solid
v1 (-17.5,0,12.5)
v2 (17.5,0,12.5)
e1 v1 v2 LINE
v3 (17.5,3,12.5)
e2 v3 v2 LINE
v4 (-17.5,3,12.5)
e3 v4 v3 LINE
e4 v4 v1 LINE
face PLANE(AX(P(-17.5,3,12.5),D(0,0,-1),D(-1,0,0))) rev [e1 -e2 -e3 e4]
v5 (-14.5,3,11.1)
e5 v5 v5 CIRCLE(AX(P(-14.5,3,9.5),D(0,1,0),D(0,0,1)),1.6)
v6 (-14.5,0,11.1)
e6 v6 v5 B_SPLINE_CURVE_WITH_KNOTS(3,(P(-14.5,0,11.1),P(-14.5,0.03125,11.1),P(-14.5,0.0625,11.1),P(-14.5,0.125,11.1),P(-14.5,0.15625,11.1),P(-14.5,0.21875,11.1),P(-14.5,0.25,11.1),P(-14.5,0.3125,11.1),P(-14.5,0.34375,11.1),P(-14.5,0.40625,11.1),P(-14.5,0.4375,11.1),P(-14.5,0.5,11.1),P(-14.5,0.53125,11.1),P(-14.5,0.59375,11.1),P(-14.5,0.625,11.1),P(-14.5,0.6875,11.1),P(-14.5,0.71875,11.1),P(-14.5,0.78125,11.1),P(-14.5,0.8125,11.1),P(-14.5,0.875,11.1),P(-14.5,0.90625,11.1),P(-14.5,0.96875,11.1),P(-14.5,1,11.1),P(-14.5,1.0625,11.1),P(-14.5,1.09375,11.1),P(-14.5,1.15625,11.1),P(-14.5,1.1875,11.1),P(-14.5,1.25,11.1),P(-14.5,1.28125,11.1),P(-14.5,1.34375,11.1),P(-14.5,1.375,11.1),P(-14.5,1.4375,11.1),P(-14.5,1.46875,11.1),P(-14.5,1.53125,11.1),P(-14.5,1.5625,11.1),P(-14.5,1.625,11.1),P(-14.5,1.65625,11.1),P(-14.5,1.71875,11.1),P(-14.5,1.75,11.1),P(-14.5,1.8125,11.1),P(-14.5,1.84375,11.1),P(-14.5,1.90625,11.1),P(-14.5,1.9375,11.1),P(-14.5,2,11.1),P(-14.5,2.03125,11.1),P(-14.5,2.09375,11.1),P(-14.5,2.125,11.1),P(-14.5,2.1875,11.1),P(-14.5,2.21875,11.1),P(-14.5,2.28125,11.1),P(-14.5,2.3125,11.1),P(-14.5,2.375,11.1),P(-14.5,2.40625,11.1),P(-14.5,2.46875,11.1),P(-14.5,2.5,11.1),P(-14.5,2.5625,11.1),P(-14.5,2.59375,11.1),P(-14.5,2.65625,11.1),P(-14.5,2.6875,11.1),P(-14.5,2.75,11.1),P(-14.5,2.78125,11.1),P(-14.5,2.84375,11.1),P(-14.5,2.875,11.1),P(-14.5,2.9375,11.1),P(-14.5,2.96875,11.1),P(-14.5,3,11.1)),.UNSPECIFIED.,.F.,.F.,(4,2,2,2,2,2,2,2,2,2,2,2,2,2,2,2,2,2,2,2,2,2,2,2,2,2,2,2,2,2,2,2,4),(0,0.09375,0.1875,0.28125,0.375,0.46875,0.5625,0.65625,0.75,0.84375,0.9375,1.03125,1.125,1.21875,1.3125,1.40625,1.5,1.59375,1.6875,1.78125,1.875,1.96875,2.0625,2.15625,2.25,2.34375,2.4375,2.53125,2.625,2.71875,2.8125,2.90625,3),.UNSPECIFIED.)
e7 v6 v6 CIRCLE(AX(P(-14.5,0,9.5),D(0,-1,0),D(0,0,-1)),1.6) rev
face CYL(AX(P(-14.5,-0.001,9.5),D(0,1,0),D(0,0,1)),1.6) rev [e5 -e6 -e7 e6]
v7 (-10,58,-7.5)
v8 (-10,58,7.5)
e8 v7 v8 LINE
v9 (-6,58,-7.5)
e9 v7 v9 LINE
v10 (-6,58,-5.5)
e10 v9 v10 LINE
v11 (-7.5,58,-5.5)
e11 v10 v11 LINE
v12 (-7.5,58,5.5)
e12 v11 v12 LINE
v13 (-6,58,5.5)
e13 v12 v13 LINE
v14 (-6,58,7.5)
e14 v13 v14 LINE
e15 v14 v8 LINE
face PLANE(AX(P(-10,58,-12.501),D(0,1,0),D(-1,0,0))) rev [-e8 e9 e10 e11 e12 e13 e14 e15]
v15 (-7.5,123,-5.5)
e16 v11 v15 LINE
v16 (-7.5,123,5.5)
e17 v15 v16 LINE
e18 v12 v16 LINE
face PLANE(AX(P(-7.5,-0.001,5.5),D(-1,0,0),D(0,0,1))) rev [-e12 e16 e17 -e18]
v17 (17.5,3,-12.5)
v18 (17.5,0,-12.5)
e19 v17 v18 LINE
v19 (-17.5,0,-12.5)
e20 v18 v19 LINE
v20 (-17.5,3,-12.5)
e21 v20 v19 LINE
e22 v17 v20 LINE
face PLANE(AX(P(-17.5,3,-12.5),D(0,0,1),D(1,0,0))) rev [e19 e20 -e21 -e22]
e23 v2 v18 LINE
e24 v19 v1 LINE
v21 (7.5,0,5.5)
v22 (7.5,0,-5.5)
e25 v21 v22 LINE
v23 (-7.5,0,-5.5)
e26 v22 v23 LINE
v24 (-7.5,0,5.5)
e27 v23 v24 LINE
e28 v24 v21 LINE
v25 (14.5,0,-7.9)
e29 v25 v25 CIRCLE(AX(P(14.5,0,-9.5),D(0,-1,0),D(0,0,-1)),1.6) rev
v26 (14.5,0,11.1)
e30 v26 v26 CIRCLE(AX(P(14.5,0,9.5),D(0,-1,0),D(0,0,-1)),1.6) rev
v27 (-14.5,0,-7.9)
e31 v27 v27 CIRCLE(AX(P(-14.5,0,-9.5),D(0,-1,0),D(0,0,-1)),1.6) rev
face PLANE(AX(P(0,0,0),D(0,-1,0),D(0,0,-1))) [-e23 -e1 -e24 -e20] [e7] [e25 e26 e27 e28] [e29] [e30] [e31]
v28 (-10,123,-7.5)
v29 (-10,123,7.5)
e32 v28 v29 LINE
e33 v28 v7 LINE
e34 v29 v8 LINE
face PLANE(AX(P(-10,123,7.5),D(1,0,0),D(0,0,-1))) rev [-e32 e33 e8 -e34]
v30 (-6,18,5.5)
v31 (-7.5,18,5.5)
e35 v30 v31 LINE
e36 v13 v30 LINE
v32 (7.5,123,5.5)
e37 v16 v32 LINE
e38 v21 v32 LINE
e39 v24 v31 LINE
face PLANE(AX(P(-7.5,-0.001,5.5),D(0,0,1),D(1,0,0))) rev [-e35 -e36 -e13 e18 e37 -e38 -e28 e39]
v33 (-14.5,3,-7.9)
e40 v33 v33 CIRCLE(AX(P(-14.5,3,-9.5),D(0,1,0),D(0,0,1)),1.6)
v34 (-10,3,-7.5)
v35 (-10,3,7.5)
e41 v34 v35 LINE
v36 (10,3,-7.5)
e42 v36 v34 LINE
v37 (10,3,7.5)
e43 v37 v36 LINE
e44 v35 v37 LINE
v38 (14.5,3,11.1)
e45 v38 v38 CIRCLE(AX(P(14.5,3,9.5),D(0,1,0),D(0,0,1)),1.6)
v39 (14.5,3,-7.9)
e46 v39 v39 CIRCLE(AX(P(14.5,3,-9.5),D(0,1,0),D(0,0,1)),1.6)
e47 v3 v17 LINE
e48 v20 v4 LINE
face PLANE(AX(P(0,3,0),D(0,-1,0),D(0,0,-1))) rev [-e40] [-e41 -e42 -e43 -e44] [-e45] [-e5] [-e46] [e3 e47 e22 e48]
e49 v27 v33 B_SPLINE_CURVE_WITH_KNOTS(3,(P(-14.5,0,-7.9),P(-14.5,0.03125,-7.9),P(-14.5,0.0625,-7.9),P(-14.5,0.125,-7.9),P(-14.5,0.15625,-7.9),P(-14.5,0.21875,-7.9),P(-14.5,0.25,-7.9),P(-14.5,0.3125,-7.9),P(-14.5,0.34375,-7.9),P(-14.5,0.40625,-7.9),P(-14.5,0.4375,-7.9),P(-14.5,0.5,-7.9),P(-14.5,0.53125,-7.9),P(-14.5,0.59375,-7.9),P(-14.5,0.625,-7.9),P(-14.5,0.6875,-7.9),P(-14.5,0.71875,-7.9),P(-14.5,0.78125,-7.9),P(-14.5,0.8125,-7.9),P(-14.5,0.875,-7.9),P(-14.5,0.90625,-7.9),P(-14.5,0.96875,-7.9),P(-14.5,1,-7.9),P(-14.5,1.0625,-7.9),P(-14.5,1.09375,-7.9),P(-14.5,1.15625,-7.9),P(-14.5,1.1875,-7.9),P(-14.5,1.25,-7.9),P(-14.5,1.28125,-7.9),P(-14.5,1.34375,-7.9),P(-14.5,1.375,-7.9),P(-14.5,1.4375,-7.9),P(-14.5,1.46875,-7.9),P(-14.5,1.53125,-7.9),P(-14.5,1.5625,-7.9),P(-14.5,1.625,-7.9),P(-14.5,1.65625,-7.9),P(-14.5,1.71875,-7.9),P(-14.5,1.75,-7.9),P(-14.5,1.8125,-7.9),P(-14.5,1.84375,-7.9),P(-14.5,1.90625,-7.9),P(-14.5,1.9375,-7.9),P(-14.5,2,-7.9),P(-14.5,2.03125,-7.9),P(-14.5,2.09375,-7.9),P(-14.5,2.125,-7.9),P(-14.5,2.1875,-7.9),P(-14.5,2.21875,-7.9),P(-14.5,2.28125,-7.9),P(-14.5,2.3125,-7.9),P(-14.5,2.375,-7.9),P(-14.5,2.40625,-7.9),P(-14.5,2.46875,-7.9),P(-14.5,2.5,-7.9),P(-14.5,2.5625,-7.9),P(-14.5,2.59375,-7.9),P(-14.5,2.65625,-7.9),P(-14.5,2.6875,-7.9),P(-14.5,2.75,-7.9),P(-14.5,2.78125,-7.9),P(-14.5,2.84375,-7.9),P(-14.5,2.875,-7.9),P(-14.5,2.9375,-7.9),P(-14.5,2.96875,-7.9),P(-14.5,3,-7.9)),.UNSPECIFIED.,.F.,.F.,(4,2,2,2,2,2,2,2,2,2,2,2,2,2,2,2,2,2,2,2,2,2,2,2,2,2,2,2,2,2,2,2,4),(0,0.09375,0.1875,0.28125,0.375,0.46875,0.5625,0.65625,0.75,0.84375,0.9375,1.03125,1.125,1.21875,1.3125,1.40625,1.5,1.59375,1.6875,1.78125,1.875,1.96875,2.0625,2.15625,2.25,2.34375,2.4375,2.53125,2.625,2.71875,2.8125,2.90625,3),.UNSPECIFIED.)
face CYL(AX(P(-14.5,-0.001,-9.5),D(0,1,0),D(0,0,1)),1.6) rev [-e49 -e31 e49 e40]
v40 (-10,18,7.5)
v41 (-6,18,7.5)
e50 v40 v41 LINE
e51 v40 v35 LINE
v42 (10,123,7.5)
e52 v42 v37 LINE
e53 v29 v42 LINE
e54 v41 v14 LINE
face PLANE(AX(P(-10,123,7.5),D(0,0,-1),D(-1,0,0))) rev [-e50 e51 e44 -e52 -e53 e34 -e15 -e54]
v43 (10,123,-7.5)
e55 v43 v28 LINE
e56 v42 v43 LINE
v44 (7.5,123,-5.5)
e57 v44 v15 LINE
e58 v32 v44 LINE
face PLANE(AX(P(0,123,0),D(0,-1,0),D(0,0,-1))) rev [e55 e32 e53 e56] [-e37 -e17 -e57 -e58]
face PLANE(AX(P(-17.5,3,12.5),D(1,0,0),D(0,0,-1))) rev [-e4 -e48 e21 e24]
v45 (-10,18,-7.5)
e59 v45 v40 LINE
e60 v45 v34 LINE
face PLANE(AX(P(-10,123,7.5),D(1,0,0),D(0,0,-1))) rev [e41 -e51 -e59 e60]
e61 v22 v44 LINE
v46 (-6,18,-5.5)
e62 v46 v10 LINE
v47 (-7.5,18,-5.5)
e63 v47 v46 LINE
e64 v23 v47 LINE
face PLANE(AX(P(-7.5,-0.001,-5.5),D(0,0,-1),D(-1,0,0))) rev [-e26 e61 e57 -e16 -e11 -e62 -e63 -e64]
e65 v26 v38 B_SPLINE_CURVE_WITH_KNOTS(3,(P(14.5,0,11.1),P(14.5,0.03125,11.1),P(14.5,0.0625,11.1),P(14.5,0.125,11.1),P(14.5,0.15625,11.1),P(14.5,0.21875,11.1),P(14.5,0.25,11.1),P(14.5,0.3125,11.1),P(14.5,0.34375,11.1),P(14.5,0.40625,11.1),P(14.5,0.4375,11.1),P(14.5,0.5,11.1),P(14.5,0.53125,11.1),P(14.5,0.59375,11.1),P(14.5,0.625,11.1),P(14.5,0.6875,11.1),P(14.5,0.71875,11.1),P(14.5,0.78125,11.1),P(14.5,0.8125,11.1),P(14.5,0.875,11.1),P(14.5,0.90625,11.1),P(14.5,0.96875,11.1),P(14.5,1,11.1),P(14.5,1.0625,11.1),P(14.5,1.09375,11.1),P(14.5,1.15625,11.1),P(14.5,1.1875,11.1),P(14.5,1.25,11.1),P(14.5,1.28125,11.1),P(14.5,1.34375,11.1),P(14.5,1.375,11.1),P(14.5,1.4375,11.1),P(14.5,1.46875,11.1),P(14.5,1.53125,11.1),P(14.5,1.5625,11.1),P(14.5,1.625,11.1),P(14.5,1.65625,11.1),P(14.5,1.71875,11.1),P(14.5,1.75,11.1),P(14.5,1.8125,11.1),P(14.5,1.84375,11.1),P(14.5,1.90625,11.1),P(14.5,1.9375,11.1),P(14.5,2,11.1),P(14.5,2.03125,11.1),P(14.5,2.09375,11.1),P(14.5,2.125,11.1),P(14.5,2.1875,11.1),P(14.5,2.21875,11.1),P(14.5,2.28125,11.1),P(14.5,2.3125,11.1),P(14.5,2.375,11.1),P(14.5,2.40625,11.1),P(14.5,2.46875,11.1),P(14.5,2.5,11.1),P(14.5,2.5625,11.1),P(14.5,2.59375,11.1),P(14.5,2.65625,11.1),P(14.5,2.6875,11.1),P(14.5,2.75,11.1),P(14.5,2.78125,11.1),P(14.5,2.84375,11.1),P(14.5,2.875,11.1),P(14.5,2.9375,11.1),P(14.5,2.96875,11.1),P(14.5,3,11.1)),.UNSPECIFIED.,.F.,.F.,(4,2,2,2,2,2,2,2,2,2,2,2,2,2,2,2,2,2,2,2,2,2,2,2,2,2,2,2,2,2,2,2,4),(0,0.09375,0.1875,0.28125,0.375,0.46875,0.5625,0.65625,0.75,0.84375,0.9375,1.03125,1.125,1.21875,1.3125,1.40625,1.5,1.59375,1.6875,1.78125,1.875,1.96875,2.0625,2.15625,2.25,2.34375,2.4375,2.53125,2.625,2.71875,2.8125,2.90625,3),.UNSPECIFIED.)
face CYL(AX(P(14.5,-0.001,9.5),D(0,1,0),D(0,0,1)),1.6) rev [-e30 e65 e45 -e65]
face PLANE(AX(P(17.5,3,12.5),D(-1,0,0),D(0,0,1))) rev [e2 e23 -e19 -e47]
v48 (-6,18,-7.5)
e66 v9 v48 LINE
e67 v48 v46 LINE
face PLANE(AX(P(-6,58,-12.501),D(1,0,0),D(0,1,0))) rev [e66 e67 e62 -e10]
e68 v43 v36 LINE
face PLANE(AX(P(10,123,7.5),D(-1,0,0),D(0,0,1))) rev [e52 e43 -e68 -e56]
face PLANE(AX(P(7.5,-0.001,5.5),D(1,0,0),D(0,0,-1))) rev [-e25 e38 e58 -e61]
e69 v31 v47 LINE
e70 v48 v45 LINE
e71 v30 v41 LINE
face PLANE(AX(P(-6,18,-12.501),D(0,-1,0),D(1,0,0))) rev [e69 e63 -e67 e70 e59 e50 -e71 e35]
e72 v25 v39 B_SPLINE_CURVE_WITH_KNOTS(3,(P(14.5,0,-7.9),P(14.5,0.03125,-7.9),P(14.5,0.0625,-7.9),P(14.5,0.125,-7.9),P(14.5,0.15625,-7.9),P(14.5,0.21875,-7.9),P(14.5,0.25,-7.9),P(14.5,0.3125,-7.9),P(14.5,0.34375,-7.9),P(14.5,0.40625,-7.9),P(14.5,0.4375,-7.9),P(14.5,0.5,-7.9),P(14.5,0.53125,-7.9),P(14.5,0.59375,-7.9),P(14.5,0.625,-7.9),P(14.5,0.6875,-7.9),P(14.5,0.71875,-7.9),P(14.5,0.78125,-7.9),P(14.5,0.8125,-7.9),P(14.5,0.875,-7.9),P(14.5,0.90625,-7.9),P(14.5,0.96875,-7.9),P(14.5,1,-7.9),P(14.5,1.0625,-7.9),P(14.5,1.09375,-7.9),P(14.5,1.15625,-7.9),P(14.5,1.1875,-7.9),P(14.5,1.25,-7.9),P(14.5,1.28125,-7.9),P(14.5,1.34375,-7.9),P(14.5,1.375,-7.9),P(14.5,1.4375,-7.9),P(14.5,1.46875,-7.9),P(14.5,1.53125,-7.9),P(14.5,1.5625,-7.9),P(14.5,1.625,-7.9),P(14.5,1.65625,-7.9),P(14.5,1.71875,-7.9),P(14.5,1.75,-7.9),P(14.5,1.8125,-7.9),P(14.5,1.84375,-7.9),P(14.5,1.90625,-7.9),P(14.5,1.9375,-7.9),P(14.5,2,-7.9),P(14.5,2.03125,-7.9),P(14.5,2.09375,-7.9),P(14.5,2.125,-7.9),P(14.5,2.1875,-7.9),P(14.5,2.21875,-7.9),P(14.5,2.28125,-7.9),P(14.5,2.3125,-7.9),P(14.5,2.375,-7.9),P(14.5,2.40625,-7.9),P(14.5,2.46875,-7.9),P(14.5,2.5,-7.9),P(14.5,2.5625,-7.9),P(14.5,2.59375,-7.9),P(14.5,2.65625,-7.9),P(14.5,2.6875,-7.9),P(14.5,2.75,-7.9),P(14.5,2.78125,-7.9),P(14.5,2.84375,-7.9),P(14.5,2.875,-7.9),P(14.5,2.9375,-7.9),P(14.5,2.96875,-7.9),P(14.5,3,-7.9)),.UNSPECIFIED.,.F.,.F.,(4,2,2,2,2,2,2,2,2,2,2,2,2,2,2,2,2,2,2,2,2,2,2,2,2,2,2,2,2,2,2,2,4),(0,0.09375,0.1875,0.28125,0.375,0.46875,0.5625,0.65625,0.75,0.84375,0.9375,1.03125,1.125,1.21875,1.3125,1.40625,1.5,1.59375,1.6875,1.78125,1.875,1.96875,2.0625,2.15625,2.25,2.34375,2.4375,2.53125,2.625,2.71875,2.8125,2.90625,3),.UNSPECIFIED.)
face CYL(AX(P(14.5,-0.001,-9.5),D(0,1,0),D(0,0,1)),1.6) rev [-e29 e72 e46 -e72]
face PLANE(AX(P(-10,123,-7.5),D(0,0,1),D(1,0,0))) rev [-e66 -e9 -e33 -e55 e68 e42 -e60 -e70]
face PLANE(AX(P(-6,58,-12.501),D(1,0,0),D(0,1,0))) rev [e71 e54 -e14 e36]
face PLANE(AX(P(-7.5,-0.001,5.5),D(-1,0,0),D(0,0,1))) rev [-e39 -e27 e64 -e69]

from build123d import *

# Parameters (mm, degrees)
SKETCH_1_W          = 35
SKETCH_1_H          = 25
EXTRUDE_1_DEPTH     = 3
SKETCH_2_W          = 20
SKETCH_2_H          = 15
EXTRUDE_2_DEPTH     = 120
CUT_EXTRUDE_1_REACH = 126.866
SKETCH_3_W          = 15
SKETCH_3_H          = 11
CUT_EXTRUDE_2_REACH = 127.838
SKETCH_4_W          = 4
SKETCH_4_H          = 40
CUT_EXTRUDE_3_REACH = 123.912
SKETCH_5_R          = 1.6


with BuildPart() as part:
    # 草图1 → 凸台-拉伸1 (new body)
    with BuildSketch(Plane(origin=(0, 0, 0), x_dir=(1, 0, 0), z_dir=(0, 1, 0))):
        Rectangle(SKETCH_1_W, SKETCH_1_H)
    extrude(amount=EXTRUDE_1_DEPTH)

    # 草图2 → 凸台-拉伸2 (add)
    with BuildSketch(Plane(origin=(0, 3, 0), x_dir=(1, 0, 0), z_dir=(0, 1, 0))):
        Rectangle(SKETCH_2_W, SKETCH_2_H)
    extrude(amount=EXTRUDE_2_DEPTH)

    # 草图3 → 切除-拉伸1 (cut, up to next)
    with BuildSketch(Plane(origin=(0, 123, 0), x_dir=(1, 0, 0), z_dir=(0, 1, 0)), mode=Mode.PRIVATE) as cut_extrude_1_sk1:
        Rectangle(SKETCH_3_W, SKETCH_3_H)
    cut_extrude_1_tool1 = extrude(cut_extrude_1_sk1.sketch, amount=-CUT_EXTRUDE_1_REACH, mode=Mode.PRIVATE) & part.part
    add(cut_extrude_1_tool1.solids().sort_by_distance((0, 123, 0))[0], mode=Mode.SUBTRACT)

    # 草图4 → 切除-拉伸2 (cut, up to next)
    with BuildSketch(Plane.XY.offset(7.5), mode=Mode.PRIVATE) as cut_extrude_2_sk1:
        with Locations((-8, 38)):
            Rectangle(SKETCH_4_W, SKETCH_4_H)
    cut_extrude_2_tool1 = extrude(cut_extrude_2_sk1.sketch, amount=-CUT_EXTRUDE_2_REACH, mode=Mode.PRIVATE) & part.part
    add(cut_extrude_2_tool1.solids().sort_by_distance((-8, 38, 7.5))[0], mode=Mode.SUBTRACT)

    # 草图5 → 切除-拉伸3 (cut, up to next)
    with BuildSketch(Plane(origin=(0, 3, 0), x_dir=(1, 0, 0), z_dir=(0, 1, 0)), mode=Mode.PRIVATE) as cut_extrude_3_sk1:
        with Locations(Location((-14.5, 9.5, 0), (0, 0, 270))):
            Circle(SKETCH_5_R)
    cut_extrude_3_tool1 = extrude(cut_extrude_3_sk1.sketch, amount=-CUT_EXTRUDE_3_REACH, mode=Mode.PRIVATE) & part.part
    # 草图5 → 切除-拉伸3 (cut, up to next)
    with BuildSketch(Plane(origin=(0, 3, 0), x_dir=(1, 0, 0), z_dir=(0, 1, 0)), mode=Mode.PRIVATE) as cut_extrude_3_sk2:
        with Locations(Location((14.5, 9.5, 0), (0, 0, 270))):
            Circle(SKETCH_5_R)
    cut_extrude_3_tool2 = extrude(cut_extrude_3_sk2.sketch, amount=-CUT_EXTRUDE_3_REACH, mode=Mode.PRIVATE) & part.part
    # 草图5 → 切除-拉伸3 (cut, up to next)
    with BuildSketch(Plane(origin=(0, 3, 0), x_dir=(1, 0, 0), z_dir=(0, 1, 0)), mode=Mode.PRIVATE) as cut_extrude_3_sk3:
        with Locations(Location((-14.5, -9.5, 0), (0, 0, 270))):
            Circle(SKETCH_5_R)
    cut_extrude_3_tool3 = extrude(cut_extrude_3_sk3.sketch, amount=-CUT_EXTRUDE_3_REACH, mode=Mode.PRIVATE) & part.part
    # 草图5 → 切除-拉伸3 (cut, up to next)
    with BuildSketch(Plane(origin=(0, 3, 0), x_dir=(1, 0, 0), z_dir=(0, 1, 0)), mode=Mode.PRIVATE) as cut_extrude_3_sk4:
        with Locations(Location((14.5, -9.5, 0), (0, 0, 270))):
            Circle(SKETCH_5_R)
    cut_extrude_3_tool4 = extrude(cut_extrude_3_sk4.sketch, amount=-CUT_EXTRUDE_3_REACH, mode=Mode.PRIVATE) & part.part
    add(cut_extrude_3_tool1.solids().sort_by_distance((-14.5, 3, -9.5))[0], mode=Mode.SUBTRACT)
    add(cut_extrude_3_tool2.solids().sort_by_distance((14.5, 3, -9.5))[0], mode=Mode.SUBTRACT)
    add(cut_extrude_3_tool3.solids().sort_by_distance((-14.5, 3, 9.5))[0], mode=Mode.SUBTRACT)
    add(cut_extrude_3_tool4.solids().sort_by_distance((14.5, 3, 9.5))[0], mode=Mode.SUBTRACT)


solid = part.part
